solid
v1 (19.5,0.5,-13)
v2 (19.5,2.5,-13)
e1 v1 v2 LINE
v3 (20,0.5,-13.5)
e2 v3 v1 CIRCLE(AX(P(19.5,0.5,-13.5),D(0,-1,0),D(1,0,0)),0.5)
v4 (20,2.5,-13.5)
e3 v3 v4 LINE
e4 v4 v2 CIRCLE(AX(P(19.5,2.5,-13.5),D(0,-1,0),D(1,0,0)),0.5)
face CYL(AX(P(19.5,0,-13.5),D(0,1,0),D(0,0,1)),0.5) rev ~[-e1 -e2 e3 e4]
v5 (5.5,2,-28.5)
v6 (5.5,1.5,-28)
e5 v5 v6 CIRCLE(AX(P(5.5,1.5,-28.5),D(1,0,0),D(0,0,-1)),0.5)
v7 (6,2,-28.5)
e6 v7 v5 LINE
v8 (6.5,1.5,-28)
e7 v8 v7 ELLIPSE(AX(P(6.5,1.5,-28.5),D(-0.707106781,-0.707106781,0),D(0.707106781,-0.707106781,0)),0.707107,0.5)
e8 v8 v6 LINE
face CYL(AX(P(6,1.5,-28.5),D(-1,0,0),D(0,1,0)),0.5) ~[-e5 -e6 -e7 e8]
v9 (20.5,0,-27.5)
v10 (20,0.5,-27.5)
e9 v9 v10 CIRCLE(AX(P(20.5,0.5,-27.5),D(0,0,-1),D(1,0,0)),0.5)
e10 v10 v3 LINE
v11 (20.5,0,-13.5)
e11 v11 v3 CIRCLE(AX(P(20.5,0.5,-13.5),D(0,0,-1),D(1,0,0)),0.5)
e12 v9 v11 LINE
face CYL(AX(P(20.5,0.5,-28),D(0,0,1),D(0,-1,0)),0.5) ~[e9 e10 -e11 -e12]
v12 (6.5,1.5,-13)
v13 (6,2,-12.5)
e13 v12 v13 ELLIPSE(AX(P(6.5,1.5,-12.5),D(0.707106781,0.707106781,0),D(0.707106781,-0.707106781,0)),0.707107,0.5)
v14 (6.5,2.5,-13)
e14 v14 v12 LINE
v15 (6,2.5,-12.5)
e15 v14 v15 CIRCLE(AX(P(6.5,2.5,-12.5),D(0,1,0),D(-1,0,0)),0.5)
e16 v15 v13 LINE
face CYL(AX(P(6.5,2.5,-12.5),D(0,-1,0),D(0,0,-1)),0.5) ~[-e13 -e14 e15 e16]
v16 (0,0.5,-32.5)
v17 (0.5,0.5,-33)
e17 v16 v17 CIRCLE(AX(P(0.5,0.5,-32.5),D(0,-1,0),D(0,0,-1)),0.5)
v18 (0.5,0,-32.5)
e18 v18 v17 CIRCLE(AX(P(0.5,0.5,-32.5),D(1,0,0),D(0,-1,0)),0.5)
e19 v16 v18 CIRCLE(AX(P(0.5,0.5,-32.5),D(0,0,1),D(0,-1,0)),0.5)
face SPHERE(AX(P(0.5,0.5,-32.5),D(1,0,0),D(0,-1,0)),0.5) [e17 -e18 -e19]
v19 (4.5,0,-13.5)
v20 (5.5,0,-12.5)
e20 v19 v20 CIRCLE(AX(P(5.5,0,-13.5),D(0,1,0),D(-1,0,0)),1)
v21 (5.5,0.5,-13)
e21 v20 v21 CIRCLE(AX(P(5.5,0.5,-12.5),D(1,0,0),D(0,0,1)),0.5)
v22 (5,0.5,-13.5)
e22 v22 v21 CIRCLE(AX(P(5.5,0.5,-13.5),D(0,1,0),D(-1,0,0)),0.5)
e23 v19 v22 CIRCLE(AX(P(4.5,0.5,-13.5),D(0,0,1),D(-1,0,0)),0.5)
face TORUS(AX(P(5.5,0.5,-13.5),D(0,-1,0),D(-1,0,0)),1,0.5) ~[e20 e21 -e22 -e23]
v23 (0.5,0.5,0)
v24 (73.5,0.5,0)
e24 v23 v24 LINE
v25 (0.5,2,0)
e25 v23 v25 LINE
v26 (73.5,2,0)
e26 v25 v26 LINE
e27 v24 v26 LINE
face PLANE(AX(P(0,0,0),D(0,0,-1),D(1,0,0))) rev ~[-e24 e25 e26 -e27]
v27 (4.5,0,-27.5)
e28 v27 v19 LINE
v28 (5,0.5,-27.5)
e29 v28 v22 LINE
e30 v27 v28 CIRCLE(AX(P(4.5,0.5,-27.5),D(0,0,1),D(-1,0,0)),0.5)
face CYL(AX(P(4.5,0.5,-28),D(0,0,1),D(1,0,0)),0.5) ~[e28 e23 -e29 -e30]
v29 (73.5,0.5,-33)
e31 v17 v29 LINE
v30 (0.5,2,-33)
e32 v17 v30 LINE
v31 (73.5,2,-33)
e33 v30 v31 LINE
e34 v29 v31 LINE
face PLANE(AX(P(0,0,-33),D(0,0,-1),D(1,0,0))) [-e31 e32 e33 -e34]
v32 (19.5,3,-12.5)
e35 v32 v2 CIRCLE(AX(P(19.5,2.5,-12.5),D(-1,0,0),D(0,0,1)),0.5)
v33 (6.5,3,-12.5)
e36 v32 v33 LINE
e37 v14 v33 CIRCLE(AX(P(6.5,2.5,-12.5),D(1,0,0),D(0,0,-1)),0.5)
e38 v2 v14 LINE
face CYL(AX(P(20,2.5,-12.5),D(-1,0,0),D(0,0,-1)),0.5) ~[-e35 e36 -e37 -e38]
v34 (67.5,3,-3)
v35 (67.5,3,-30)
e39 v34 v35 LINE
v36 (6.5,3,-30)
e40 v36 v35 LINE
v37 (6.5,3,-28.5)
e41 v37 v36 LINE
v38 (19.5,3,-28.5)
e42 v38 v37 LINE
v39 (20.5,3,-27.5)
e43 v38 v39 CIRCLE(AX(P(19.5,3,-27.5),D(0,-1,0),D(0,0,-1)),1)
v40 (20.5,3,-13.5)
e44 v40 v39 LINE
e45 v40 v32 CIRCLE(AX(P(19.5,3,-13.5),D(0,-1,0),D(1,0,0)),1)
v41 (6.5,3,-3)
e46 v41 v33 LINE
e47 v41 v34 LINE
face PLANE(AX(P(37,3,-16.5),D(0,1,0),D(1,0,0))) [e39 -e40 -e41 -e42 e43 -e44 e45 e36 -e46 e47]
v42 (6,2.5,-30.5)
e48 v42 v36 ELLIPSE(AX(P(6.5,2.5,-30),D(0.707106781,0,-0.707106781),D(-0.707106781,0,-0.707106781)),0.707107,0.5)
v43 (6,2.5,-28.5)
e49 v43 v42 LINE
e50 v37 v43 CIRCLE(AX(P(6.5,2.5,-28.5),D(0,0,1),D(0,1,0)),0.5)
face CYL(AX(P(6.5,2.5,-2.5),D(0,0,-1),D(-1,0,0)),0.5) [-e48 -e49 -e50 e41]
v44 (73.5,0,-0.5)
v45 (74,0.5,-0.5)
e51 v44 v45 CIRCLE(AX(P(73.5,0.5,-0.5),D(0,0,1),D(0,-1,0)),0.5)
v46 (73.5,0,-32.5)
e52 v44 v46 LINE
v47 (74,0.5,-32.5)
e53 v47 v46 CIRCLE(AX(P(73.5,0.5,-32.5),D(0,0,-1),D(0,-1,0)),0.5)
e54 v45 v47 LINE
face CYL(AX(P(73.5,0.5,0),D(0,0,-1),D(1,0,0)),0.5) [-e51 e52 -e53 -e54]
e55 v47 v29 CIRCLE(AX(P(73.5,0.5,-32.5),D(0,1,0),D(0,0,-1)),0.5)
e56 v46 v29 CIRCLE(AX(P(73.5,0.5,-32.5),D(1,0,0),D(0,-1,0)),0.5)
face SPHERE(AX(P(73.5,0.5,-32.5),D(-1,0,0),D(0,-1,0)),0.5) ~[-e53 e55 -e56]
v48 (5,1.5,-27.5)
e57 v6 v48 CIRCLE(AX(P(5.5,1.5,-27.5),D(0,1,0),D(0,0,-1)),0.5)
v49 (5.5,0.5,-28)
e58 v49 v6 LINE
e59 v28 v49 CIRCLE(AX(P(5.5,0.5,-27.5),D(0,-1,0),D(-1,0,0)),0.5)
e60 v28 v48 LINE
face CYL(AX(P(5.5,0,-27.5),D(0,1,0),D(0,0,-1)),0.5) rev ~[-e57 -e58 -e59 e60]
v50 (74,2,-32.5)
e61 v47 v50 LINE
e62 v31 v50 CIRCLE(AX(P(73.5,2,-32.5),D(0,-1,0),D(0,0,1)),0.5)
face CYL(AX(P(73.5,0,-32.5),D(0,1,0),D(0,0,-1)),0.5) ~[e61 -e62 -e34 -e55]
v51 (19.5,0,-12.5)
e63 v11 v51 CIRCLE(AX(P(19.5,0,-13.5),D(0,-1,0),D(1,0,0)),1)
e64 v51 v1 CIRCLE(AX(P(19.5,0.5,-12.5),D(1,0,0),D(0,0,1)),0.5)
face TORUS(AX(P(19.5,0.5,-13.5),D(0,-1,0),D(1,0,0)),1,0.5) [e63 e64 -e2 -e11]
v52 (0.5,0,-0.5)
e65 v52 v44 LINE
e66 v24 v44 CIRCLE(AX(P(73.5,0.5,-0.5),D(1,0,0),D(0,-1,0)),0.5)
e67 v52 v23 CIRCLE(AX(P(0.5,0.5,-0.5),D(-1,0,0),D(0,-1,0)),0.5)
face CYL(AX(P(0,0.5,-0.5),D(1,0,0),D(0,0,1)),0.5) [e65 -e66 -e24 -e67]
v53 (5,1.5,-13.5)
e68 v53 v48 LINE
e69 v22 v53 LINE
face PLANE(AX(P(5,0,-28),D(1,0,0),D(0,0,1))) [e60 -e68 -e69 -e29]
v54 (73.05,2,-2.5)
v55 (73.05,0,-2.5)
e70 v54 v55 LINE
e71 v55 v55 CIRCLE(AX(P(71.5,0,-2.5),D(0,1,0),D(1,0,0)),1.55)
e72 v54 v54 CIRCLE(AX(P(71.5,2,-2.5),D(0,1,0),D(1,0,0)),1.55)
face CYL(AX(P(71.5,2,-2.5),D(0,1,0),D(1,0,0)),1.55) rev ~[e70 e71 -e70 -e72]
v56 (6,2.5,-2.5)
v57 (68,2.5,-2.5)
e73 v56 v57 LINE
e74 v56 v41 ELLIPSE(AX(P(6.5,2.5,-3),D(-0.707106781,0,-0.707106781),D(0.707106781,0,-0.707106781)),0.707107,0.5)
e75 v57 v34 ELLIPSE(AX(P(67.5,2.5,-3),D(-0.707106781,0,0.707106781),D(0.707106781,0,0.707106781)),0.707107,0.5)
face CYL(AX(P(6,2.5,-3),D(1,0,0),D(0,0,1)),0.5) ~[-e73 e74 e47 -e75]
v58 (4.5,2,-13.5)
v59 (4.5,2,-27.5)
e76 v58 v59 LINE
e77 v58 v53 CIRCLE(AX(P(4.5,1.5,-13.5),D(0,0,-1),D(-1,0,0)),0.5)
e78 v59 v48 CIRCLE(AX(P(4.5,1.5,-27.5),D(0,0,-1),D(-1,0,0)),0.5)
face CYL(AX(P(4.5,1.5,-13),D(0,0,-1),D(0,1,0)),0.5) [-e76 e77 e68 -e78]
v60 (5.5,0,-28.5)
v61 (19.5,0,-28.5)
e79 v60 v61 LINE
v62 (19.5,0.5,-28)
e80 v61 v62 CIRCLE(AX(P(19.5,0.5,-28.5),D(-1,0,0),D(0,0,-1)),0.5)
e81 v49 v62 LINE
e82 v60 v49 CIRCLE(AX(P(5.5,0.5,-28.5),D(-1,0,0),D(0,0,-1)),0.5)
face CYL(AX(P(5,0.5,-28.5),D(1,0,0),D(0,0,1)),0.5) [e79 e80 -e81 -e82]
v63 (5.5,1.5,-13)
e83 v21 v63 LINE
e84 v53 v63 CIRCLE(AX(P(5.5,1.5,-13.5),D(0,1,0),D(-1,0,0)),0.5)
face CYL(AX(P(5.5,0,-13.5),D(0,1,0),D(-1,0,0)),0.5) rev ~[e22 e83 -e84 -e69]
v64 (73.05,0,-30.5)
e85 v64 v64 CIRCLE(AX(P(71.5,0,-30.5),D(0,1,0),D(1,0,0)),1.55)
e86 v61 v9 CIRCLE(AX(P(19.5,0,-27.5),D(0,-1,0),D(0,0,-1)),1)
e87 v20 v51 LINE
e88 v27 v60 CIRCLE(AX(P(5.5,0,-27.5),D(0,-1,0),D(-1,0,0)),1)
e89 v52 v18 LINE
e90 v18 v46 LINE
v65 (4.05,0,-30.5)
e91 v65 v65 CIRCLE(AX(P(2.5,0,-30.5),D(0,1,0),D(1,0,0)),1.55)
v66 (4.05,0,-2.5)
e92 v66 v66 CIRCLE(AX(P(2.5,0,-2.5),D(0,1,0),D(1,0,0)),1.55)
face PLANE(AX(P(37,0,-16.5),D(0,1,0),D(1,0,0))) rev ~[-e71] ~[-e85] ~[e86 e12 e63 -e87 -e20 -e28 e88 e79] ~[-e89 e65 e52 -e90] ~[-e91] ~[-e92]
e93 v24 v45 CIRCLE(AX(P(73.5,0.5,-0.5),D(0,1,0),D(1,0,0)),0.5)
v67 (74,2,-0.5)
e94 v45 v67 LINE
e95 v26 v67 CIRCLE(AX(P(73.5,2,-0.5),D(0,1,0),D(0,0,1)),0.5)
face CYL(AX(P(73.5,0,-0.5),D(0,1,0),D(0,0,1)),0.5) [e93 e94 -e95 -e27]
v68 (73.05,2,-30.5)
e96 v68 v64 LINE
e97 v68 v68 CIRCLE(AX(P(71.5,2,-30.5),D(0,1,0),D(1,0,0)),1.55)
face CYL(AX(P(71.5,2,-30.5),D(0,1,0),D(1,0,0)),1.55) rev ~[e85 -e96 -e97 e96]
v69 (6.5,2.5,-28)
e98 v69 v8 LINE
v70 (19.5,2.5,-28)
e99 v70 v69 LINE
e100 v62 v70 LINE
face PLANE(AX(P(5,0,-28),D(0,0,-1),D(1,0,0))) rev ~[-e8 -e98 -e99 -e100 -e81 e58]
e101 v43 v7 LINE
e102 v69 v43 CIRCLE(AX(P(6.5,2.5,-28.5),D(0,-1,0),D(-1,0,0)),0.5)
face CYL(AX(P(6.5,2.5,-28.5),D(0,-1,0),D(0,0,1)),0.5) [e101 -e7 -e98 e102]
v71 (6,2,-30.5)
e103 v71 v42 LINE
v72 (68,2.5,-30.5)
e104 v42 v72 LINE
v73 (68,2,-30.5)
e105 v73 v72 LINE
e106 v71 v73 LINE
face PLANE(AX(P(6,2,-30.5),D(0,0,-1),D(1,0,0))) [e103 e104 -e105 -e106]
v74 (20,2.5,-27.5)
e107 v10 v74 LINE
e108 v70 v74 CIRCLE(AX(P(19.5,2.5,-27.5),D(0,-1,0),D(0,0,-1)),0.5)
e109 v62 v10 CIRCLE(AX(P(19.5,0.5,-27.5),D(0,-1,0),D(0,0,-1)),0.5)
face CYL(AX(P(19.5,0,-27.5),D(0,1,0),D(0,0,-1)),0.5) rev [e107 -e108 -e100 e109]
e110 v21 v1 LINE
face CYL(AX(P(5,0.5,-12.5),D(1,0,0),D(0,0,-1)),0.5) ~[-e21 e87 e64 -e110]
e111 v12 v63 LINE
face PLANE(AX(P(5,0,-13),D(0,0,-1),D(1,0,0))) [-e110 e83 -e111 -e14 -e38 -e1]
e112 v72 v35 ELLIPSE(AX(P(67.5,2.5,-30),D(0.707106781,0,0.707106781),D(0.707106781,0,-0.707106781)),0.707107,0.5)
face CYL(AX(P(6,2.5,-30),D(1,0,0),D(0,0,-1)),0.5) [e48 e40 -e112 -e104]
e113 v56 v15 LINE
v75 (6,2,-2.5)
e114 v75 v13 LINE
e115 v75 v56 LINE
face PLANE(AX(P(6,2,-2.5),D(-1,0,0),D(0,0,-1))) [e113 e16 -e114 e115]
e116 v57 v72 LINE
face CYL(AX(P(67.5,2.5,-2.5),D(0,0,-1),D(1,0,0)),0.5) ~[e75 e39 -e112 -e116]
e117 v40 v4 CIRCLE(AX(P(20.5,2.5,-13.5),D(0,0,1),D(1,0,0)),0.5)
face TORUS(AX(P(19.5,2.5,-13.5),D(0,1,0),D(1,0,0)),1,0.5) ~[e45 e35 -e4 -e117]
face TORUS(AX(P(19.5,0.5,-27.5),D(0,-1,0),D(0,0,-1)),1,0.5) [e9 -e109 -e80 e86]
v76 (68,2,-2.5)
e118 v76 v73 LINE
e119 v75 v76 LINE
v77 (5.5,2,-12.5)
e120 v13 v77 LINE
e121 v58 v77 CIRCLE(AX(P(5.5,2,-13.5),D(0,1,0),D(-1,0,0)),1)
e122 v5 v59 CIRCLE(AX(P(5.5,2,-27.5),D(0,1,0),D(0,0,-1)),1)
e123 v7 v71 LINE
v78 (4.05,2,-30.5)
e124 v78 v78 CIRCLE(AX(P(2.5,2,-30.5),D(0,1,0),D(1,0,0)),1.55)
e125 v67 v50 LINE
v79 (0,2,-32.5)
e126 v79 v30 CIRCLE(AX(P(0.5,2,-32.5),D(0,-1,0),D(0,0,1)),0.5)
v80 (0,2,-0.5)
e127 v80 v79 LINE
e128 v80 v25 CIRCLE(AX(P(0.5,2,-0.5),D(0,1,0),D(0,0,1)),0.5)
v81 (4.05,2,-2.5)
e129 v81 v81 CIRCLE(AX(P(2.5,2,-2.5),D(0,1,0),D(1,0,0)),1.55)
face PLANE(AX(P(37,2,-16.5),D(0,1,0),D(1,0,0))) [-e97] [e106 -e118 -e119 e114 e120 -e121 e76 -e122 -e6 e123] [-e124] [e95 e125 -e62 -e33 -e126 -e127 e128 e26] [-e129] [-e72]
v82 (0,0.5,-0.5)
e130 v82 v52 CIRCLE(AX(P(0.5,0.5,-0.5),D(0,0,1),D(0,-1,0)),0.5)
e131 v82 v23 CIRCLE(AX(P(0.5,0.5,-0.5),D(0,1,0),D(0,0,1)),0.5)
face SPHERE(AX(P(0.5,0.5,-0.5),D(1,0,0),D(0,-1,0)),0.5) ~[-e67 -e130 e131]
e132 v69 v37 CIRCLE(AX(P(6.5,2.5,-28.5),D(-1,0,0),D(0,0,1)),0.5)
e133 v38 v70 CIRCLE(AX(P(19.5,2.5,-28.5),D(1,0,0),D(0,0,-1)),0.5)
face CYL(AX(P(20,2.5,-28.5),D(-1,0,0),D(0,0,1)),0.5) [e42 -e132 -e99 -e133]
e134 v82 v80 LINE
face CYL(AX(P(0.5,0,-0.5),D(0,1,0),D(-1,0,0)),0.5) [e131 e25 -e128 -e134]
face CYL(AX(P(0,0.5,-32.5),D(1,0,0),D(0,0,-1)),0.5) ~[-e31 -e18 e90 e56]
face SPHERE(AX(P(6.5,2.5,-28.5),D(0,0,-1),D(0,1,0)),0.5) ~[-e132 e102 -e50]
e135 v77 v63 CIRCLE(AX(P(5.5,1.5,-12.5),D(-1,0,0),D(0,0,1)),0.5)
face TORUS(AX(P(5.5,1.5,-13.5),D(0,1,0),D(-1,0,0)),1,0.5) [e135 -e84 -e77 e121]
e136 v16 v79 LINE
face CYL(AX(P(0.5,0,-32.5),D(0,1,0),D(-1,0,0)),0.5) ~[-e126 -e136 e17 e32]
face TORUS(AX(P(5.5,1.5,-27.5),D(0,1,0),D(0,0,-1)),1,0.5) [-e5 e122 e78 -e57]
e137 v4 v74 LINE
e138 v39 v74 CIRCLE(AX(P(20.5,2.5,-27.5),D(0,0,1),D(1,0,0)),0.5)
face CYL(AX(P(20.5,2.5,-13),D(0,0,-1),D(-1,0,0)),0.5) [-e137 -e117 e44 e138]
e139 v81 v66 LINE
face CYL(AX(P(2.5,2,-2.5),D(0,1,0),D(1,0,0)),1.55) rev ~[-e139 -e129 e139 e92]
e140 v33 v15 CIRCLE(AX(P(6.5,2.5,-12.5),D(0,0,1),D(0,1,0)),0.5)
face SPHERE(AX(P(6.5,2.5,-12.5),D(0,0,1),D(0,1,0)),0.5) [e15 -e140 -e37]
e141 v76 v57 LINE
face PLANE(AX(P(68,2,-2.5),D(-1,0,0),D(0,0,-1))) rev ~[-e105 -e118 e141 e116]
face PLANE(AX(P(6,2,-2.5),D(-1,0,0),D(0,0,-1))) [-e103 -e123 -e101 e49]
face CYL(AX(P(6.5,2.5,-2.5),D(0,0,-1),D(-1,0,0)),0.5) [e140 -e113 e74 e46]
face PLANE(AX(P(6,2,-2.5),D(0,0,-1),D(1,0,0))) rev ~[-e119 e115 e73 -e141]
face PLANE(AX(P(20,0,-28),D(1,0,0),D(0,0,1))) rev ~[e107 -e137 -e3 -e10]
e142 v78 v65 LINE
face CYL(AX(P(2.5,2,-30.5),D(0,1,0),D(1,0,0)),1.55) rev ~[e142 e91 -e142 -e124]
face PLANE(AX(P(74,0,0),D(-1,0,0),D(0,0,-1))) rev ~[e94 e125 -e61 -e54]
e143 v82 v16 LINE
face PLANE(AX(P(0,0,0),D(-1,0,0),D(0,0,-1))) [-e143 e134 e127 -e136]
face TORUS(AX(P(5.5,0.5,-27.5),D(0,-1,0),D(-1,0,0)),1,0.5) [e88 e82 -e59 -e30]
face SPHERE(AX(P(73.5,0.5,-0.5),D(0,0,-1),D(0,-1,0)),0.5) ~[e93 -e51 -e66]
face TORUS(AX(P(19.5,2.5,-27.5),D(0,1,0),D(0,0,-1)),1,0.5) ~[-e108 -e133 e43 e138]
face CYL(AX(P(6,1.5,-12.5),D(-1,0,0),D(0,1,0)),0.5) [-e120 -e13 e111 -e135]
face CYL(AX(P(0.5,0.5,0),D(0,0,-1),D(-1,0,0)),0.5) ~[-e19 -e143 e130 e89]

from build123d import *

# Parameters (mm, degrees)
SKETCH1_W           = 74
SKETCH1_H           = 33
BOSS_EXTRUDE1_DEPTH = 2
SKETCH2_W           = 62
SKETCH2_H           = 28
BOSS_EXTRUDE2_DEPTH = 1
SKETCH3_R           = 1.55
CUT_EXTRUDE2_DEPTH  = 5
FILLET1_R           = 0.5
FILLET2_R           = 0.5
SKETCH4_W           = 15
SKETCH4_H           = 15
CUT_EXTRUDE3_DEPTH  = 10
FILLET3_R           = 0.5


with BuildPart() as part:
    # Sketch1 → Boss-Extrude1 (new body)
    with BuildSketch(Plane(origin=(0, 0, 0), x_dir=(1, 0, 0), z_dir=(0, 1, 0))):
        with Locations((37, 16.5)):
            Rectangle(SKETCH1_W, SKETCH1_H)
    extrude(amount=BOSS_EXTRUDE1_DEPTH)

    # Sketch2 → Boss-Extrude2 (add)
    with BuildSketch(Plane(origin=(0, 2, 0), x_dir=(1, 0, 0), z_dir=(0, 1, 0))):
        with Locations((37, 16.5)):
            Rectangle(SKETCH2_W, SKETCH2_H)
    extrude(amount=BOSS_EXTRUDE2_DEPTH)

    # Sketch3 → Cut-Extrude2 (cut)
    with BuildSketch(Plane(origin=(0, 2, 0), x_dir=(1, 0, 0), z_dir=(0, 1, 0))):
        with Locations((2.5, 30.5)):
            Circle(SKETCH3_R)
        with Locations((71.5, 2.5)):
            Circle(SKETCH3_R)
        with Locations((2.5, 2.5)):
            Circle(SKETCH3_R)
        with Locations((71.5, 30.5)):
            Circle(SKETCH3_R)
    extrude(amount=-CUT_EXTRUDE2_DEPTH, mode=Mode.SUBTRACT)

    # Fillet1
    fillet1_edges = [part.edges().sort_by_distance(p)[0] for p in [
        (6, 3, -16.5),
        (37, 3, -2.5),
        (68, 3, -16.5),
        (37, 3, -30.5),
    ]]
    fillet(fillet1_edges, radius=FILLET1_R)

    # Fillet2
    fillet2_edges = [part.edges().sort_by_distance(p)[0] for p in [
        (37, 0, -33),
        (74, 0, -16.5),
        (37, 0, 0),
        (0, 0, -16.5),
        (0, 1, -33),
        (74, 1, -33),
        (74, 1, 0),
        (0, 1, 0),
    ]]
    fillet(fillet2_edges, radius=FILLET2_R)

    # Sketch4 → Cut-Extrude3 (cut)
    with BuildSketch(Plane.XZ):
        with Locations((12.5, -20.5)):
            Rectangle(SKETCH4_W, SKETCH4_H)
    extrude(amount=-CUT_EXTRUDE3_DEPTH, mode=Mode.SUBTRACT)

    # Fillet3
    fillet3_edges = [part.edges().sort_by_distance(p)[0] for p in [
        (13.25, 3, -13),
        (20, 1.5, -13),
        (13.25, 3, -28),
        (5, 0, -20.5),
        (12.5, 0, -28),
        (20, 0, -20.5),
        (12.5, 0, -13),
        (6.146446609, 2.853553391, -28),
        (6.146446609, 2.853553391, -13),
        (20, 3, -20.5),
        (5, 2, -20.5),
        (5, 1, -28),
        (6, 2.25, -13),
        (5.5, 2, -13),
        (5, 1, -13),
        (5.5, 2, -28),
        (6, 2.25, -28),
        (20, 1.5, -28),
    ]]
    fillet(fillet3_edges, radius=FILLET3_R)


solid = part.part
